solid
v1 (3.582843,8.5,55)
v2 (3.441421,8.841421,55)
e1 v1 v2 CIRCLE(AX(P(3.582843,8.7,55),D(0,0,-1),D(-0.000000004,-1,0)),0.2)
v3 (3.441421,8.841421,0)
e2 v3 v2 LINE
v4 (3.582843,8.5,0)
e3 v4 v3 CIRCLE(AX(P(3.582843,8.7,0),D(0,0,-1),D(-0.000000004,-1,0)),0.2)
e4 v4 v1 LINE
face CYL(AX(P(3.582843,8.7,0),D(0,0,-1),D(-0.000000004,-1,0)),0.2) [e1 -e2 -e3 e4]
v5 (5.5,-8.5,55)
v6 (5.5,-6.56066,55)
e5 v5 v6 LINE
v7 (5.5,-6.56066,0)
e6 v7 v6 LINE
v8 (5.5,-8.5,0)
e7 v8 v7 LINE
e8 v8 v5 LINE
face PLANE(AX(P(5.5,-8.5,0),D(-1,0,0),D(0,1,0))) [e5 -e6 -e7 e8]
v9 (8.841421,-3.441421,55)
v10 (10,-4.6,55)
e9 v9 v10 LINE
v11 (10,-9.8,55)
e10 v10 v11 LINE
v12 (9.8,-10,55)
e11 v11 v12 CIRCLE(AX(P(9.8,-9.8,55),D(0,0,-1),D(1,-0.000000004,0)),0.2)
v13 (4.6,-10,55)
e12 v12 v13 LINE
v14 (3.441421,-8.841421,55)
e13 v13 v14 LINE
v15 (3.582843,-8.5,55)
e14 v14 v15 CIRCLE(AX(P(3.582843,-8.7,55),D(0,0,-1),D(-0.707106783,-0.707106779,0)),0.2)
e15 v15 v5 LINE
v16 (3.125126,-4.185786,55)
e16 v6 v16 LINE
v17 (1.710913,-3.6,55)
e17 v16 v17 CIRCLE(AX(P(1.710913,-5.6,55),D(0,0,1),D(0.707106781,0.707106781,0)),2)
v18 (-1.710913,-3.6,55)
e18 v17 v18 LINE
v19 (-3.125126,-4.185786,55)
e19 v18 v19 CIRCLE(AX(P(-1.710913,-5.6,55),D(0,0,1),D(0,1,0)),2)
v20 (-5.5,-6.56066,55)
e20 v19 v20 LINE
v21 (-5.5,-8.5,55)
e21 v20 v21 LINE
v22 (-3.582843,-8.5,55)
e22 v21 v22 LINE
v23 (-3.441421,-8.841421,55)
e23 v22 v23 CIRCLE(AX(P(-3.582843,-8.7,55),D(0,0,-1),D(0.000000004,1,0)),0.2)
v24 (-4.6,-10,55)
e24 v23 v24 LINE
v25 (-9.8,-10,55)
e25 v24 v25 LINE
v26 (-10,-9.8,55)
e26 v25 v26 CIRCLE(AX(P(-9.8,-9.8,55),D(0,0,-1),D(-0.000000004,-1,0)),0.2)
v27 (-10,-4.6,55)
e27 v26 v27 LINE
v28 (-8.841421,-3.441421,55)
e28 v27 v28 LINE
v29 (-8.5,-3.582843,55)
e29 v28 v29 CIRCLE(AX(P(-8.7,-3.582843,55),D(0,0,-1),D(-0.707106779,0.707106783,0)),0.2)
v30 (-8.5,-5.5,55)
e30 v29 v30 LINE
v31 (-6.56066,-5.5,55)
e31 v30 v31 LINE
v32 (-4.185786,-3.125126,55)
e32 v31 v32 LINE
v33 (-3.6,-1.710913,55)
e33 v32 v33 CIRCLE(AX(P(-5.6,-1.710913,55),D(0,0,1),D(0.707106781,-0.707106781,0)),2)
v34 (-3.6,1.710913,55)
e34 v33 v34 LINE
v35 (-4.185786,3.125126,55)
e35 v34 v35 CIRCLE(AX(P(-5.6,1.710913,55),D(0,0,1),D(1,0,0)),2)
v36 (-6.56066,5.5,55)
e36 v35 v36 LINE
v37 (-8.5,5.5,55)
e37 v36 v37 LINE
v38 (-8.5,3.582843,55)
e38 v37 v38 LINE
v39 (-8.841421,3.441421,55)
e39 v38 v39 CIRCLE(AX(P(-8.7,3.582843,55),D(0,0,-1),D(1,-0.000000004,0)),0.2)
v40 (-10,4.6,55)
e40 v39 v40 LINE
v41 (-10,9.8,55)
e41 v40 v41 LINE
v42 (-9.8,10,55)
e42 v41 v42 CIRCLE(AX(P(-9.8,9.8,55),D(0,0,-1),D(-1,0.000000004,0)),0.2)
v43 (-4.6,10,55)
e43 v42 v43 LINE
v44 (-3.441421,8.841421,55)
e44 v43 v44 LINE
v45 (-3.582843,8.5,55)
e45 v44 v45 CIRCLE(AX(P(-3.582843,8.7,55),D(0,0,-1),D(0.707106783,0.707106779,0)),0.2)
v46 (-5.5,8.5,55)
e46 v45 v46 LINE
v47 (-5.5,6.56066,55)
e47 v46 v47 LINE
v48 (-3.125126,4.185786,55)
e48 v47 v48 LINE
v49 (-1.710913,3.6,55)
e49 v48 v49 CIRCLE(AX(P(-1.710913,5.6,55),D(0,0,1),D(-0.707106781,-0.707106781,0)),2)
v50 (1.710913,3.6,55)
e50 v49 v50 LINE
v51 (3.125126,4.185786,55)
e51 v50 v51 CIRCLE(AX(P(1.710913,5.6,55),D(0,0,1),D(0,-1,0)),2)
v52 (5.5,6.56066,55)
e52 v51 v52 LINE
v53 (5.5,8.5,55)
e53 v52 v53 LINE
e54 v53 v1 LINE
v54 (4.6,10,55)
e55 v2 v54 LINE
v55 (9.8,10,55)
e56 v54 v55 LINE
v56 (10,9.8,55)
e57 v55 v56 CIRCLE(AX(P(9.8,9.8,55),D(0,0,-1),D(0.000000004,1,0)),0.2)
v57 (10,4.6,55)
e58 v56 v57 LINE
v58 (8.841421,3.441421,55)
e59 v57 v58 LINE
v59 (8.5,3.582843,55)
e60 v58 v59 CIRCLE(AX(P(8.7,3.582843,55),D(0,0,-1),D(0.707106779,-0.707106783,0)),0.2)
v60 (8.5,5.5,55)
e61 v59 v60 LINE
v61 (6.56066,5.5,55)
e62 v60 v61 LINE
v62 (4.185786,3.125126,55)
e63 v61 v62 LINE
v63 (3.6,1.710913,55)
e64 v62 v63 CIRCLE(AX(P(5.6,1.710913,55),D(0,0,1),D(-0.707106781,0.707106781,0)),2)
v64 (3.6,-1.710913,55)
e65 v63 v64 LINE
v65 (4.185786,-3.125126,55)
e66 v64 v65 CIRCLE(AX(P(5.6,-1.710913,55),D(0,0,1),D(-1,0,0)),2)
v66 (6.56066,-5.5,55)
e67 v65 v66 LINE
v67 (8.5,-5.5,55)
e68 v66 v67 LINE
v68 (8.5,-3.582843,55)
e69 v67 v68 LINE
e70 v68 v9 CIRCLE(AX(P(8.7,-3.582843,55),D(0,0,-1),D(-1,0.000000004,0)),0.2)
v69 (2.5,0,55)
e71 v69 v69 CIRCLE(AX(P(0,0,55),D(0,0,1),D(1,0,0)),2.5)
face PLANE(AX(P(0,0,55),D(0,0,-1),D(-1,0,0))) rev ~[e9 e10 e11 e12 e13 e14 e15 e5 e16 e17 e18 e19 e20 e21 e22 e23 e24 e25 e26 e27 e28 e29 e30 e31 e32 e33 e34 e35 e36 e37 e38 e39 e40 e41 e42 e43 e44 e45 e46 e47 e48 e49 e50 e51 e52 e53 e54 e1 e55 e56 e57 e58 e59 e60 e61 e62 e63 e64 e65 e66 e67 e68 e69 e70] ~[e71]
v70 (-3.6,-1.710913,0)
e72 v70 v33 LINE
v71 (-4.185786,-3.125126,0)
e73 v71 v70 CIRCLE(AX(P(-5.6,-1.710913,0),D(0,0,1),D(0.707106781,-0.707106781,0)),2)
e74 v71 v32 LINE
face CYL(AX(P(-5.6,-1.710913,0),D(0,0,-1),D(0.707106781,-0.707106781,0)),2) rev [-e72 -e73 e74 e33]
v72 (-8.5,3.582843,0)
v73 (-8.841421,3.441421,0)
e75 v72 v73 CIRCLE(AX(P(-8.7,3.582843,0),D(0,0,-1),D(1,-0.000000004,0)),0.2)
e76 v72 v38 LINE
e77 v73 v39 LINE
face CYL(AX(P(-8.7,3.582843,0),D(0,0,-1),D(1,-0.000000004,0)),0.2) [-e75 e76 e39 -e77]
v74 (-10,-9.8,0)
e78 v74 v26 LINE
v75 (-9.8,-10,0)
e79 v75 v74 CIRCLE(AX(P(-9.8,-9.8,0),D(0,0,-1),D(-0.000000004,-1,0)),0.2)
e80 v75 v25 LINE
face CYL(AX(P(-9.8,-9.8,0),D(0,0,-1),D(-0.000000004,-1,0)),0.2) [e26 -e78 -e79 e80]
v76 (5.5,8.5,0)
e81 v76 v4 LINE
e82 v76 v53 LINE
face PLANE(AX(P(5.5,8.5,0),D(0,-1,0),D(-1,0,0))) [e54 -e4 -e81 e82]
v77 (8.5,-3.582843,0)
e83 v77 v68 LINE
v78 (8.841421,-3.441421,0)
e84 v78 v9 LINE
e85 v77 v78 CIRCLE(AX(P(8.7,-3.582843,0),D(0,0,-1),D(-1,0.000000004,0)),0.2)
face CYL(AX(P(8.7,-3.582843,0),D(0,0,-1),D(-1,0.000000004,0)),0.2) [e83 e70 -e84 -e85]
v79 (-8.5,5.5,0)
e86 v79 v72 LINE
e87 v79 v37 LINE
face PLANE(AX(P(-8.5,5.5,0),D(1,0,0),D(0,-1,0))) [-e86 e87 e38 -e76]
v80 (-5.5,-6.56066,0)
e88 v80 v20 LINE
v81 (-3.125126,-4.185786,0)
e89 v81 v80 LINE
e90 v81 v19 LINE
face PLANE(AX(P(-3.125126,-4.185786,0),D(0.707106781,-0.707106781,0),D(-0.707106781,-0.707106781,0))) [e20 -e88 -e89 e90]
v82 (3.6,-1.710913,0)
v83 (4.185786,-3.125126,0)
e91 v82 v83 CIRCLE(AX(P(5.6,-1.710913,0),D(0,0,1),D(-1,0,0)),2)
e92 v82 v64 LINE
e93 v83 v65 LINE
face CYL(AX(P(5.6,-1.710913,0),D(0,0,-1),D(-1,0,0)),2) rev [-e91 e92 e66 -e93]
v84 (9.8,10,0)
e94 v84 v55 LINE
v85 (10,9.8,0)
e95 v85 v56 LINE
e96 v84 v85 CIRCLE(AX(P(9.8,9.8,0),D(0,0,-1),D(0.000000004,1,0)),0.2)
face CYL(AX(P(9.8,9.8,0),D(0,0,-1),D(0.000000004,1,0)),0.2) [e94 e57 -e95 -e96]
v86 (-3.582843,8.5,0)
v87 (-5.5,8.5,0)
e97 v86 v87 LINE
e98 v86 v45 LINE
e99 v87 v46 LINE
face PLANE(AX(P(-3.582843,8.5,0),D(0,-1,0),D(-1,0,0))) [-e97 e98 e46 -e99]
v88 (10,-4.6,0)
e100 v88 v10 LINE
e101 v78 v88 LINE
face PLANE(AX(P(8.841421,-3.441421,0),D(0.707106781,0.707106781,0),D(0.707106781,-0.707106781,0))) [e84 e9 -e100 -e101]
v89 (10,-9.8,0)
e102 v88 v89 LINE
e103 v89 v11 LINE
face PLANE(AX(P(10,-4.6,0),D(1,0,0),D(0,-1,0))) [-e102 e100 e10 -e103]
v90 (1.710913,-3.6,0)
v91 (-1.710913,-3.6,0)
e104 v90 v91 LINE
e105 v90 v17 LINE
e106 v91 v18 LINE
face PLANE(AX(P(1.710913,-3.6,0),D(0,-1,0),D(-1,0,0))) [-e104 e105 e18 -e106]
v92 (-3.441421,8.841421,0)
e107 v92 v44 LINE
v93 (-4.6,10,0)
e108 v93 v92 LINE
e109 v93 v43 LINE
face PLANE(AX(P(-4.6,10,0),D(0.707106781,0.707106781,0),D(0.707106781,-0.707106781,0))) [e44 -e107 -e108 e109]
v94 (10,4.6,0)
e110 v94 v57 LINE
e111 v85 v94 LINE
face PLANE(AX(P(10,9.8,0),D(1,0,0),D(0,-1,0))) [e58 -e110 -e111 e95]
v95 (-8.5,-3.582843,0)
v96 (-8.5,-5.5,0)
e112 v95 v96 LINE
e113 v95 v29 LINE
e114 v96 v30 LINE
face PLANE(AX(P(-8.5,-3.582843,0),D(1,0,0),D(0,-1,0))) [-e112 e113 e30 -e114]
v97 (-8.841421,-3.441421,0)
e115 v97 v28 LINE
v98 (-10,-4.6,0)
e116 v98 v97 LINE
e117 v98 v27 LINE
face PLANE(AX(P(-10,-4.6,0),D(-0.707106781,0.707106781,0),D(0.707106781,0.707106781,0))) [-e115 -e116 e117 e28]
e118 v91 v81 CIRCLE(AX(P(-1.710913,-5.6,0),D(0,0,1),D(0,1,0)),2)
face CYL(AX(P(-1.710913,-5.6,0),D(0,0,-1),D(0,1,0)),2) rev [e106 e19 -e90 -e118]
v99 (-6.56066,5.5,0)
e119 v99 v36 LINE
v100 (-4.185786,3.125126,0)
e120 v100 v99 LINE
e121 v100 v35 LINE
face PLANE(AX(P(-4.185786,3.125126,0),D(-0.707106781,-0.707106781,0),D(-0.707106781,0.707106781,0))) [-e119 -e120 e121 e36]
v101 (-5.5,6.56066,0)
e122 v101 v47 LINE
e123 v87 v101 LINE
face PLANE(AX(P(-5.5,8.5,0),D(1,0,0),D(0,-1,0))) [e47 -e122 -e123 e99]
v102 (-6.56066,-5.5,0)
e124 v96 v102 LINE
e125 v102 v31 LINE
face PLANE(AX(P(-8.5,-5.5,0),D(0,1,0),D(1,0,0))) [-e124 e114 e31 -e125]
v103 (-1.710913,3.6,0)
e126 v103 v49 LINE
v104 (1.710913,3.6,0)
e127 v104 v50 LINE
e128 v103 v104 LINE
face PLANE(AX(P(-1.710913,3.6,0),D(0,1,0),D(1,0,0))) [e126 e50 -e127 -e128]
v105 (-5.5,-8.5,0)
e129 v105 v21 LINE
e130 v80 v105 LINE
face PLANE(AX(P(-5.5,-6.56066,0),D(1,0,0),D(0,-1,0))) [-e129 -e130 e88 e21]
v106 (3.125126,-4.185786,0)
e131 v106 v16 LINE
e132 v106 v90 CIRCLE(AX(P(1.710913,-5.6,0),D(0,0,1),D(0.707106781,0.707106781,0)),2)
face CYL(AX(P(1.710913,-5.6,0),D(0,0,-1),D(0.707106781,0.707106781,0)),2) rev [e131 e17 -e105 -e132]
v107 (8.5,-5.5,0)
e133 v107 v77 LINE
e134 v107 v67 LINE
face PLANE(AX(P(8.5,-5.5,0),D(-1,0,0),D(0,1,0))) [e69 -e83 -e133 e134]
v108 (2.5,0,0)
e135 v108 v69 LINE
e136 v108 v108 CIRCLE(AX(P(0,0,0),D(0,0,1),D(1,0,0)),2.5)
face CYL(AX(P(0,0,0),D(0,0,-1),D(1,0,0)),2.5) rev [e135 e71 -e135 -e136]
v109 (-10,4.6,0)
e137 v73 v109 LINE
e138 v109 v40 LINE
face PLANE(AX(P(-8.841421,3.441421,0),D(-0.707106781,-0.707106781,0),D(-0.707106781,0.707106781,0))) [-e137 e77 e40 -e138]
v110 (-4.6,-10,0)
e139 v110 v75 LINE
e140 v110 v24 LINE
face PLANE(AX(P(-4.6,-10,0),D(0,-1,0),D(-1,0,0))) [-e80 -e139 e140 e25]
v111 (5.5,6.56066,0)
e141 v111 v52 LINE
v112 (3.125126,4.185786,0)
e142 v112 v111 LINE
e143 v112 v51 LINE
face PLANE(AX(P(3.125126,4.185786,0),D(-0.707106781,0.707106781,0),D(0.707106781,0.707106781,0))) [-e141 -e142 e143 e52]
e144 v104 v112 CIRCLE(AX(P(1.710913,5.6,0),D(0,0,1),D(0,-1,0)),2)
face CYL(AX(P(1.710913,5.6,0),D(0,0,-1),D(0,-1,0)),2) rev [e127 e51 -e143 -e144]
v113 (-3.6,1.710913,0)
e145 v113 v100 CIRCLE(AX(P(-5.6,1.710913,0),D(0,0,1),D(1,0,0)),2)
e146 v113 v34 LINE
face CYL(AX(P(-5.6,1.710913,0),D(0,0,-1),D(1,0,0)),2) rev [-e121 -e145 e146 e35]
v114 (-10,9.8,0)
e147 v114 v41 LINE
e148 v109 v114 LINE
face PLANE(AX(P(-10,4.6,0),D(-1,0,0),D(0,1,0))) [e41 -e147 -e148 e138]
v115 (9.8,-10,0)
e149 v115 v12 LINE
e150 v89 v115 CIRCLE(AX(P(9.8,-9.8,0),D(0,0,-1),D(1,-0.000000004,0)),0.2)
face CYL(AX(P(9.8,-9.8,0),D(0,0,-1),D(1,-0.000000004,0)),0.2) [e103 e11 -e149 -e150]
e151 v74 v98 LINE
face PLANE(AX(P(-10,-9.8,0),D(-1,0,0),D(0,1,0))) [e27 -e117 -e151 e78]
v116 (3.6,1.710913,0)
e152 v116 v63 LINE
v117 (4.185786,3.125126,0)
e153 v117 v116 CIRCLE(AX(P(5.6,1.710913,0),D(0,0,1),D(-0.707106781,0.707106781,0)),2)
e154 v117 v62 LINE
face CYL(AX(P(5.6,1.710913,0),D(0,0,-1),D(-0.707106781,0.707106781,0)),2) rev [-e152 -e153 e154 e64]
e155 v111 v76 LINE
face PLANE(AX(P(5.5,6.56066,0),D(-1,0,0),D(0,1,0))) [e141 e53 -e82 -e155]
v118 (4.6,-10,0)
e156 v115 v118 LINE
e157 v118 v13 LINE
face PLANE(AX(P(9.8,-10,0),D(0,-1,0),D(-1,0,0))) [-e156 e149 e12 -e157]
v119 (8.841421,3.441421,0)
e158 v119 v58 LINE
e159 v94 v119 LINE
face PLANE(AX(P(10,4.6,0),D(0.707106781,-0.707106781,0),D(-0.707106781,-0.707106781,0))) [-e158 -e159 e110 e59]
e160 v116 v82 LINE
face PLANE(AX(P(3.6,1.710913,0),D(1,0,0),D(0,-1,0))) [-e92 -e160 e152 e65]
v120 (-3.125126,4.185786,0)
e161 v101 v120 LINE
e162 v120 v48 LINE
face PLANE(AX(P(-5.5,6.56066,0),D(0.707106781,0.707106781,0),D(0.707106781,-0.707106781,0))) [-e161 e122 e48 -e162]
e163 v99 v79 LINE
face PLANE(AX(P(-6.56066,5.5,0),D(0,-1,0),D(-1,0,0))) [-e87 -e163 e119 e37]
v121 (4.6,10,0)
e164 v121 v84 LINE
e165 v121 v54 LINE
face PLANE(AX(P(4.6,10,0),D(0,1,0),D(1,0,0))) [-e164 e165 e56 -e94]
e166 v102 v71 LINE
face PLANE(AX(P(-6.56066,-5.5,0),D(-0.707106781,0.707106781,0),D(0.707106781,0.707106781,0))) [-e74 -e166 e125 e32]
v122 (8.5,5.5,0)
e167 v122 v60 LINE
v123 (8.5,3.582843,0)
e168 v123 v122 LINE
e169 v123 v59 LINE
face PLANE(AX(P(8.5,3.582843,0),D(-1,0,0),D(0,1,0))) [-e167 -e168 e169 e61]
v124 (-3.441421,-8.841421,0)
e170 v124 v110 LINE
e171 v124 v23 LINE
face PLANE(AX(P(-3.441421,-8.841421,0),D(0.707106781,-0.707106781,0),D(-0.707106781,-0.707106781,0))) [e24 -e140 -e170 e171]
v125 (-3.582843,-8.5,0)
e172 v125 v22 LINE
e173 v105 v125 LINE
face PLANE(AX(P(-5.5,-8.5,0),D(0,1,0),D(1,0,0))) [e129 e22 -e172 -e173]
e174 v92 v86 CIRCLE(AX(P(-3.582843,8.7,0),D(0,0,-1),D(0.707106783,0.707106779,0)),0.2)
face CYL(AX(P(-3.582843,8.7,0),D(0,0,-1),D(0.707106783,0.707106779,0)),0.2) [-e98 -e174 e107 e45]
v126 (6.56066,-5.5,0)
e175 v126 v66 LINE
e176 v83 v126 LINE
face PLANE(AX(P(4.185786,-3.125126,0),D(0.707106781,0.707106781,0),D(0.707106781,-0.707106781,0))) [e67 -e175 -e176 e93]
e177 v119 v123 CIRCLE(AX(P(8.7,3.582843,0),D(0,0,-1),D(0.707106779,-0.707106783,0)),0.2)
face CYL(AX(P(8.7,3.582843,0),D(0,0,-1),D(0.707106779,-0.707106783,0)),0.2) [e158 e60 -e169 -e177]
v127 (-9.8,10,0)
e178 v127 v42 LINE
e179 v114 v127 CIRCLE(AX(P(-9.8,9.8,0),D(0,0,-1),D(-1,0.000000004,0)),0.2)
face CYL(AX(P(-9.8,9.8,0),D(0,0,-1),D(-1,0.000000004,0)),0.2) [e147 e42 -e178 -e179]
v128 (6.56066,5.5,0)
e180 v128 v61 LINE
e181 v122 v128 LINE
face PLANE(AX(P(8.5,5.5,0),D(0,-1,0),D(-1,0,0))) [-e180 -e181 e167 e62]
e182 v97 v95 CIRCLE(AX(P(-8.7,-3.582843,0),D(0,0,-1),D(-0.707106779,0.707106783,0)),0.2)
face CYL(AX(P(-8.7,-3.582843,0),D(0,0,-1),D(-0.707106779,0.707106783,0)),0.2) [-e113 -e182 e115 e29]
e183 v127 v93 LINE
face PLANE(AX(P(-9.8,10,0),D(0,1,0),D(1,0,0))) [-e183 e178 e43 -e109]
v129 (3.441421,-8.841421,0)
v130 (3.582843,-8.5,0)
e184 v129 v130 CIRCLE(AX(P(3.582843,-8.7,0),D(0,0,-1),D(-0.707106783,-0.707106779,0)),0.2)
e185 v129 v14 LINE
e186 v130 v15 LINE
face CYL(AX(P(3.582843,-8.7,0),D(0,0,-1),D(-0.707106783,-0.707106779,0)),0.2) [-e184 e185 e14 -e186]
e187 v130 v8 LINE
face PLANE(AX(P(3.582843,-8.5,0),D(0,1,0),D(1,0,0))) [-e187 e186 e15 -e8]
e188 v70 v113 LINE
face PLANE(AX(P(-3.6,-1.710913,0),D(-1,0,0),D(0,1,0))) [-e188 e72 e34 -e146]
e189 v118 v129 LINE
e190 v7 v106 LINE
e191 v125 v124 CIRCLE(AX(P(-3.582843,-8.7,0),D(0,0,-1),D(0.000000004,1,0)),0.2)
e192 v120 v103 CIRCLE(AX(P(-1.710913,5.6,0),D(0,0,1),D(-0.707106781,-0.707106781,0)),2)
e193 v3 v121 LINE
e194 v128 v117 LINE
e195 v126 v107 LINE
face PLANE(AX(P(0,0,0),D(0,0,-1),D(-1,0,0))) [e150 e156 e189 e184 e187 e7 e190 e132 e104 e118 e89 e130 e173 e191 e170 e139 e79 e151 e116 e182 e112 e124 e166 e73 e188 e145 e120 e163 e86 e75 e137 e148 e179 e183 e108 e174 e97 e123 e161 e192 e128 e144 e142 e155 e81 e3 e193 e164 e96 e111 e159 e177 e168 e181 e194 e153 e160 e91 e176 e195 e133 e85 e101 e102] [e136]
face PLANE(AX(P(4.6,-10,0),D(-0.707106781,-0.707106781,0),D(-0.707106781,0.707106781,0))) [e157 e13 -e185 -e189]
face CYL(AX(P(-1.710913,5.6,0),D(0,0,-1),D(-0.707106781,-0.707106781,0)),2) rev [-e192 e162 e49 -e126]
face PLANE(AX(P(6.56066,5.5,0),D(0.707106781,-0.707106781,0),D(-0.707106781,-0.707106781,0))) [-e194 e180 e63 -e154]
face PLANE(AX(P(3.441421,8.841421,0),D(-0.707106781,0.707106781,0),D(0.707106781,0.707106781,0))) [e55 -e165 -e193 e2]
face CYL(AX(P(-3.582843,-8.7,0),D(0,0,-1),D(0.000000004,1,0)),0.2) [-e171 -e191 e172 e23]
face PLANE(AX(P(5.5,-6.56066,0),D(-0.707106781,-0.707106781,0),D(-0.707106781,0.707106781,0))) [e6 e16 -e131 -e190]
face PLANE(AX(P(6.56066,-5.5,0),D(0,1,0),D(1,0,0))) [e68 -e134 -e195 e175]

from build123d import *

# Parameters (mm, degrees)
ESBO_O1_R                = 2.5
RESSALTO_EXTRUS_O1_DEPTH = 55


with BuildPart() as part:
    # Esboço1 → Ressalto-extrusão1 (new body)
    with BuildSketch(Plane.XY):
        with BuildLine():
            Line((-4.6, -10), (-9.8, -10))
            ThreePointArc((-9.8, -10), (-9.941421356, -9.941421356), (-10, -9.8))
            Line((-10, -9.8), (-10, -4.6))
            Line((-10, -4.6), (-8.841421356, -3.441421356))
            ThreePointArc((-8.841421356, -3.441421356), (-8.623463314, -3.398066806), (-8.5, -3.582842712))
            Line((-8.5, -3.582842712), (-8.5, -5.5))
            Line((-8.5, -5.5), (-6.560660172, -5.5))
            Line((-6.560660172, -5.5), (-4.185786438, -3.125126266))
            ThreePointArc((-4.185786438, -3.125126266), (-3.752240935, -2.476279568), (-3.6, -1.710912703))
            Line((-3.6, -1.710912703), (-3.6, 1.710912703))
            ThreePointArc((-3.6, 1.710912703), (-3.752240935, 2.476279568), (-4.185786438, 3.125126266))
            Line((-4.185786438, 3.125126266), (-6.560660172, 5.5))
            Line((-6.560660172, 5.5), (-8.5, 5.5))
            Line((-8.5, 5.5), (-8.5, 3.582842712))
            ThreePointArc((-8.5, 3.582842712), (-8.623463314, 3.398066806), (-8.841421356, 3.441421356))
            Line((-8.841421356, 3.441421356), (-10, 4.6))
            Line((-10, 4.6), (-10, 9.8))
            ThreePointArc((-10, 9.8), (-9.941421356, 9.941421356), (-9.8, 10))
            Line((-9.8, 10), (-4.6, 10))
            Line((-4.6, 10), (-3.441421356, 8.841421356))
            ThreePointArc((-3.441421356, 8.841421356), (-3.398066806, 8.623463314), (-3.582842712, 8.5))
            Line((-3.582842712, 8.5), (-5.5, 8.5))
            Line((-5.5, 8.5), (-5.5, 6.560660172))
            Line((-5.5, 6.560660172), (-3.125126266, 4.185786438))
            ThreePointArc((-3.125126266, 4.185786438), (-2.476279568, 3.752240935), (-1.710912703, 3.6))
            Line((-1.710912703, 3.6), (1.710912703, 3.6))
            ThreePointArc((1.710912703, 3.6), (2.476279568, 3.752240935), (3.125126266, 4.185786438))
            Line((3.125126266, 4.185786438), (5.5, 6.560660172))
            Line((5.5, 6.560660172), (5.5, 8.5))
            Line((5.5, 8.5), (3.582842712, 8.5))
            ThreePointArc((3.582842712, 8.5), (3.398066806, 8.623463314), (3.441421356, 8.841421356))
            Line((3.441421356, 8.841421356), (4.6, 10))
            Line((4.6, 10), (9.8, 10))
            ThreePointArc((9.8, 10), (9.941421356, 9.941421356), (10, 9.8))
            Line((10, 9.8), (10, 4.6))
            Line((10, 4.6), (8.841421356, 3.441421356))
            ThreePointArc((8.841421356, 3.441421356), (8.623463314, 3.398066806), (8.5, 3.582842712))
            Line((8.5, 3.582842712), (8.5, 5.5))
            Line((8.5, 5.5), (6.560660172, 5.5))
            Line((6.560660172, 5.5), (4.185786438, 3.125126266))
            ThreePointArc((4.185786438, 3.125126266), (3.752240935, 2.476279568), (3.6, 1.710912703))
            Line((3.6, 1.710912703), (3.6, -1.710912703))
            ThreePointArc((3.6, -1.710912703), (3.752240935, -2.476279568), (4.185786438, -3.125126266))
            Line((4.185786438, -3.125126266), (6.560660172, -5.5))
            Line((6.560660172, -5.5), (8.5, -5.5))
            Line((8.5, -5.5), (8.5, -3.582842712))
            ThreePointArc((8.5, -3.582842712), (8.623463314, -3.398066806), (8.841421356, -3.441421356))
            Line((8.841421356, -3.441421356), (10, -4.6))
            Line((10, -4.6), (10, -9.8))
            ThreePointArc((10, -9.8), (9.941421356, -9.941421356), (9.8, -10))
            Line((9.8, -10), (4.6, -10))
            Line((4.6, -10), (3.441421356, -8.841421356))
            ThreePointArc((3.441421356, -8.841421356), (3.398066806, -8.623463314), (3.582842712, -8.5))
            Line((3.582842712, -8.5), (5.5, -8.5))
            Line((5.5, -8.5), (5.5, -6.560660172))
            Line((5.5, -6.560660172), (3.125126266, -4.185786438))
            ThreePointArc((3.125126266, -4.185786438), (2.476279568, -3.752240935), (1.710912703, -3.6))
            Line((1.710912703, -3.6), (-1.710912703, -3.6))
            ThreePointArc((-1.710912703, -3.6), (-2.476279568, -3.752240935), (-3.125126266, -4.185786438))
            Line((-3.125126266, -4.185786438), (-5.5, -6.560660172))
            Line((-5.5, -6.560660172), (-5.5, -8.5))
            Line((-5.5, -8.5), (-3.582842712, -8.5))
            ThreePointArc((-3.582842712, -8.5), (-3.398066806, -8.623463314), (-3.441421356, -8.841421356))
            Line((-3.441421356, -8.841421356), (-4.6, -10))
        make_face()
        Circle(ESBO_O1_R, mode=Mode.SUBTRACT)
    extrude(amount=RESSALTO_EXTRUS_O1_DEPTH)


solid = part.part
